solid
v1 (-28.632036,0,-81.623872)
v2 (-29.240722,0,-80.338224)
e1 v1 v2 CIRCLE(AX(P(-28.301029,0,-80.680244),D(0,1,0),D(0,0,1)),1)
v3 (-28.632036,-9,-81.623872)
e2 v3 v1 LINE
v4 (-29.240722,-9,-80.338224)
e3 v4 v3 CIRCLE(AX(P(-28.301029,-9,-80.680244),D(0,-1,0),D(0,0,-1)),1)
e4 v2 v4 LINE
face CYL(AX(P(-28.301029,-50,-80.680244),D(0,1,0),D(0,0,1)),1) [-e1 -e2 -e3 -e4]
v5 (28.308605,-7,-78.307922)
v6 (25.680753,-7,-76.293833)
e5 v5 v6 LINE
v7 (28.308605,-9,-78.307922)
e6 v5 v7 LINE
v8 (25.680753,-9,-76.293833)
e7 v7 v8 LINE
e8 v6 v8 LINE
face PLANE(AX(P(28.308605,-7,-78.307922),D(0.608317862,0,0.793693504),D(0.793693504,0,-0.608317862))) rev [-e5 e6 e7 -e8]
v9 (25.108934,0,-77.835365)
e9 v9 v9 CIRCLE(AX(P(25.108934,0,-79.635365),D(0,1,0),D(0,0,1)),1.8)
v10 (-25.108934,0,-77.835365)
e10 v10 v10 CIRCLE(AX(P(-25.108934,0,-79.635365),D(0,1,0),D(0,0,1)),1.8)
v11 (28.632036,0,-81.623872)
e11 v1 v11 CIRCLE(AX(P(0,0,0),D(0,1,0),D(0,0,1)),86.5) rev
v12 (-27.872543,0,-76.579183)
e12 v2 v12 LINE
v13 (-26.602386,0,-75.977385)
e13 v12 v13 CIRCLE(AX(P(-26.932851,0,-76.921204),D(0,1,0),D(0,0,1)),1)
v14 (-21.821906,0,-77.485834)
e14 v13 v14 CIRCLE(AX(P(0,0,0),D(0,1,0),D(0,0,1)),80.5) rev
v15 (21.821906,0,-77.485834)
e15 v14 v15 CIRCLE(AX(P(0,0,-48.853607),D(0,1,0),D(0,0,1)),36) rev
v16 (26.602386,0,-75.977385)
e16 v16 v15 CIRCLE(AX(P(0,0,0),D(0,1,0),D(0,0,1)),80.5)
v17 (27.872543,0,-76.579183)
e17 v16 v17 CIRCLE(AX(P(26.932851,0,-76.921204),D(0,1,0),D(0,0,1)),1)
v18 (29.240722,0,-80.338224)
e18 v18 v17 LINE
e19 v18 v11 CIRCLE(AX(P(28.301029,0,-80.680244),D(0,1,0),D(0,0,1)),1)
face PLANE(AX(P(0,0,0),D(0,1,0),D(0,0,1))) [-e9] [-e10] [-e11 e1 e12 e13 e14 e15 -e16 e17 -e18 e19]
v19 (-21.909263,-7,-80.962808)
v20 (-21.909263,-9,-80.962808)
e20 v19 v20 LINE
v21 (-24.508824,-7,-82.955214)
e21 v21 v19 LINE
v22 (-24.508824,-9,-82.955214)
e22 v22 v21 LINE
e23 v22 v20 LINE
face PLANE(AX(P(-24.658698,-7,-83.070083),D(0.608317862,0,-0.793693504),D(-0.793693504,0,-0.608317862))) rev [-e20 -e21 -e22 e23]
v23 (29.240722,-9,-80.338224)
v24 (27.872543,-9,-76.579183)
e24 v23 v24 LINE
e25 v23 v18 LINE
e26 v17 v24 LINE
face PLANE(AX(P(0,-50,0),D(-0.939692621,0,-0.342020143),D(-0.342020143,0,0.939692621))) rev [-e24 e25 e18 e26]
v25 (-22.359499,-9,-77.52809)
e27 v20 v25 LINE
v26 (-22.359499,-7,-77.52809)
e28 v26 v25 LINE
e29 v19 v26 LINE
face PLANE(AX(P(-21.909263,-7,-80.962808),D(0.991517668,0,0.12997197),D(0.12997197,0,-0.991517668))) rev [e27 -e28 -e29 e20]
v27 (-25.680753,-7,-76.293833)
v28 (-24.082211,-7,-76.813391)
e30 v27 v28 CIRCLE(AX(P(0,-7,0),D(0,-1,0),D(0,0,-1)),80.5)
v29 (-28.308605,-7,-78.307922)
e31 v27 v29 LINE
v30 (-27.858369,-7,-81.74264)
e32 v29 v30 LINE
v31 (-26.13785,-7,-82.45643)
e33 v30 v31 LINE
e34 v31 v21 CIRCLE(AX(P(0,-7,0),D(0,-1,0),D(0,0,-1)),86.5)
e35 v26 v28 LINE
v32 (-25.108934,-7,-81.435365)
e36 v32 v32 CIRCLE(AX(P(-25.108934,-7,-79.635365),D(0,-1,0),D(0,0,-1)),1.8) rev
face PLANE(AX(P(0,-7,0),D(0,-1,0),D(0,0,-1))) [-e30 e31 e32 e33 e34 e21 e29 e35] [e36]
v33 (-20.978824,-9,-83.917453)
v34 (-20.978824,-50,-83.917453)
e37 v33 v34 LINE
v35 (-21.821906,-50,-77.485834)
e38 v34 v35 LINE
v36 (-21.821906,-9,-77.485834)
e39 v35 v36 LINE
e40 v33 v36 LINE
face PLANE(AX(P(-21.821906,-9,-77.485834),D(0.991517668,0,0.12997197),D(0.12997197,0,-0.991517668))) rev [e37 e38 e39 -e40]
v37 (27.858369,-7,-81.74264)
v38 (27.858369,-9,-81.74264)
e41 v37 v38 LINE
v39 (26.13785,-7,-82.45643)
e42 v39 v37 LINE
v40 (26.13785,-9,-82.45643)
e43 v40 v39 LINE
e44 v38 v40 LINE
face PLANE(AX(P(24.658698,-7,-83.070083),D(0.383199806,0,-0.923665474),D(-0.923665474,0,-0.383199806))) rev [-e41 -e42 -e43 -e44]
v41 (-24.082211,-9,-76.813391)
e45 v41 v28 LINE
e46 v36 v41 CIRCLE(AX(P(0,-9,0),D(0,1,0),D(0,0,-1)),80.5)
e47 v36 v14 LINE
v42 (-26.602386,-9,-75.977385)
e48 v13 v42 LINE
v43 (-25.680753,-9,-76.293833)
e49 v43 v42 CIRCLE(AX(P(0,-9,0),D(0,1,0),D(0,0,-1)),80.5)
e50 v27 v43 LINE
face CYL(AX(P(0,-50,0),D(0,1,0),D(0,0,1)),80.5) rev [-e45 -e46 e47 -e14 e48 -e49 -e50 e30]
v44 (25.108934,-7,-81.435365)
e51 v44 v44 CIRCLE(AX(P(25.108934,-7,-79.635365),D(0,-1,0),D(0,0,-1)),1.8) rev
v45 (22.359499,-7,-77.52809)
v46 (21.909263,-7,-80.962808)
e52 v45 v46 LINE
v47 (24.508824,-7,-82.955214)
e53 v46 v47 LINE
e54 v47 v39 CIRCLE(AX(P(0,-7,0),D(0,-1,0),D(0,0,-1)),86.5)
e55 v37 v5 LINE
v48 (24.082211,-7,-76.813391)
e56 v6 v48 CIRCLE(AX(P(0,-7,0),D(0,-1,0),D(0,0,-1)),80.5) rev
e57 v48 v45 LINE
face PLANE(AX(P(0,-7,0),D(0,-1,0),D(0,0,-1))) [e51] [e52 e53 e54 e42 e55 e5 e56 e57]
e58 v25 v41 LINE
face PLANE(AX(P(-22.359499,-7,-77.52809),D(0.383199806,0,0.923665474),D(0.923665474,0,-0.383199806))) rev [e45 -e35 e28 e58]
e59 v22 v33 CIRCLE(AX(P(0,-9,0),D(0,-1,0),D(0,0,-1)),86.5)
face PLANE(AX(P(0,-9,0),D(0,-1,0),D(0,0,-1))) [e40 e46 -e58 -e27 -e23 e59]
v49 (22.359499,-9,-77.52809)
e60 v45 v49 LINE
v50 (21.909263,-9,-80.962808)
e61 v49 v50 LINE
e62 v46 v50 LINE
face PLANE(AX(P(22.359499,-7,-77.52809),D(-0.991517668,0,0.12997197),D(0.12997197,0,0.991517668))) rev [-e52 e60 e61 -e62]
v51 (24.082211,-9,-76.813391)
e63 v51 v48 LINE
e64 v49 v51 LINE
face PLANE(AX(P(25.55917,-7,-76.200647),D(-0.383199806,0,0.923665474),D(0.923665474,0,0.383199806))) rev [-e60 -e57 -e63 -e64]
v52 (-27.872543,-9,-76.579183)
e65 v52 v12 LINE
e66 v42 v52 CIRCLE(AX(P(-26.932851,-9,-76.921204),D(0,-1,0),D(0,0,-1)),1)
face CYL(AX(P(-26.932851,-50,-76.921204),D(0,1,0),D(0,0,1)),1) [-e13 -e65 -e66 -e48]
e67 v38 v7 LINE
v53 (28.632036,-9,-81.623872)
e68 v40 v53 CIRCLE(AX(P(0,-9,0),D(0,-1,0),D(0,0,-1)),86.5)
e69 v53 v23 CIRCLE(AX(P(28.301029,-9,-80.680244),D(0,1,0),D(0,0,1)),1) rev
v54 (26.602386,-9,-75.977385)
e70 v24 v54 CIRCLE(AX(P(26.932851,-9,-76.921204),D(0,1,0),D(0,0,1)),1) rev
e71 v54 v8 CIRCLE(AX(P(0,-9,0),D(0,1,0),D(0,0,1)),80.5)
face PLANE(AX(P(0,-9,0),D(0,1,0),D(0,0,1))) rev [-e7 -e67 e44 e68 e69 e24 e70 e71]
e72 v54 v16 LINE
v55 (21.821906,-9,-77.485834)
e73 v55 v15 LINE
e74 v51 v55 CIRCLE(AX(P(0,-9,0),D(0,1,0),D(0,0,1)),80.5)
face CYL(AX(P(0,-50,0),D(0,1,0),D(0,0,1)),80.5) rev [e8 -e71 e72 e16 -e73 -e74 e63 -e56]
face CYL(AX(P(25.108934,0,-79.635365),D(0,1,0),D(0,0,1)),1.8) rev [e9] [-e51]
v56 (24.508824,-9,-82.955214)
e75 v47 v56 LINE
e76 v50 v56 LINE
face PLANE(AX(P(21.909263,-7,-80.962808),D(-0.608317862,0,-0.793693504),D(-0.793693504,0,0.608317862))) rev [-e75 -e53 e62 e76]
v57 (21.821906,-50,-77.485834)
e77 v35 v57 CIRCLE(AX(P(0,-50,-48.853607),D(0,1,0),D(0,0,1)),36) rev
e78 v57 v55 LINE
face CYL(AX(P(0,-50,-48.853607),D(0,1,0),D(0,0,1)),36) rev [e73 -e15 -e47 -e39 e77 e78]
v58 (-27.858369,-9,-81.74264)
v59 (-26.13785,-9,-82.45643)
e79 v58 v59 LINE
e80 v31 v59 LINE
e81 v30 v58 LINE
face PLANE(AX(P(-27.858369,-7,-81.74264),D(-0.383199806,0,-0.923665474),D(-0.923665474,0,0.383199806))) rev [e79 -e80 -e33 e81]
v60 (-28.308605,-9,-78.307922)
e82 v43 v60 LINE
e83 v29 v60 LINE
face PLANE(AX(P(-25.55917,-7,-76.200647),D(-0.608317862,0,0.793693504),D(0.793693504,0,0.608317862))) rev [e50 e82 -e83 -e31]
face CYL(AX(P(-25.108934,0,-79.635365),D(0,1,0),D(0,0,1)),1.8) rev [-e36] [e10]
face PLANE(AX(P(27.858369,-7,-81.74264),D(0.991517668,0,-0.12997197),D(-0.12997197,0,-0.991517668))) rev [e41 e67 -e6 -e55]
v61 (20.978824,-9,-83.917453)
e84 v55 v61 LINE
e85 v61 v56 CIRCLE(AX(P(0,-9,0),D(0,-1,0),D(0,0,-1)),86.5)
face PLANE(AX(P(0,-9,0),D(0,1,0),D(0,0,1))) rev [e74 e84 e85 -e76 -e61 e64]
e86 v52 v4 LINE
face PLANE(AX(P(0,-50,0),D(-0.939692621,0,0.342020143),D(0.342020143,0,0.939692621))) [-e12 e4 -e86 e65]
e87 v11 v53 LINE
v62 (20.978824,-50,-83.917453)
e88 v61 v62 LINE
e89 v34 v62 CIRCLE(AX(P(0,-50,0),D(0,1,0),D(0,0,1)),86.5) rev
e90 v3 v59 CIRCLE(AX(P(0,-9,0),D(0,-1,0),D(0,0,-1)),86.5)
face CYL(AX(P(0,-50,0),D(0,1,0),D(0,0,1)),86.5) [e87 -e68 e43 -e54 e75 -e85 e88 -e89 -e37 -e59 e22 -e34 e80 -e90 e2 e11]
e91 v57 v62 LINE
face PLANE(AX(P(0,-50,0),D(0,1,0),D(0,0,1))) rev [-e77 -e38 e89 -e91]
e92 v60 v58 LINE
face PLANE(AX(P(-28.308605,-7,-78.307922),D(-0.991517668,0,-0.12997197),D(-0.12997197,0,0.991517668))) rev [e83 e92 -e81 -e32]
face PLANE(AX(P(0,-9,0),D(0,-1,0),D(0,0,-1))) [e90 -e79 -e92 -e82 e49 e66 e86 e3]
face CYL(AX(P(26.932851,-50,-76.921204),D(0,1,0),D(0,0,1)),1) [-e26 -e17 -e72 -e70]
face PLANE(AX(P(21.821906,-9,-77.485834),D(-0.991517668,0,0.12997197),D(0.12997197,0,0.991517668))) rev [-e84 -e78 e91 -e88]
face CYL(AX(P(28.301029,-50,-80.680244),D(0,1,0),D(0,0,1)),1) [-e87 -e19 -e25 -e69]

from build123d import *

# Parameters (mm, degrees)
BOSS_EXTRUDE1_DEPTH  = 50
M3_CLEARANCE_HOLE1_D = 3.6
CUT_EXTRUDE1_START   = -41
CUT_EXTRUDE1_DEPTH   = 41
CUT_EXTRUDE2_DEPTH   = 2
FILLET1_R            = 1


with BuildPart() as part:
    # Sketch1 → Boss-Extrude1 (new body)
    with BuildSketch(Plane(origin=(0, 0, 0), x_dir=(1, 0, 0), z_dir=(0, 1, 0))):
        with BuildLine():
            Line((29.584742398, 81.283411698), (27.532621538, 75.645255973))
            ThreePointArc((27.532621538, 75.645255973), (24.694417894, 76.618768751), (21.821905854, 77.485833704))
            ThreePointArc((21.821905854, 77.485833704), (0, 84.853606671), (-21.821905854, 77.485833704))
            ThreePointArc((-21.821905854, 77.485833704), (-24.694417894, 76.618768751), (-27.532621538, 75.645255973))
            Line((-27.532621538, 75.645255973), (-29.584742398, 81.283411698))
            ThreePointArc((-29.584742398, 81.283411698), (0, 86.5), (29.584742398, 81.283411698))
        make_face()
    extrude(amount=-BOSS_EXTRUDE1_DEPTH)

    # M3 Clearance Hole1 (through all)
    with Locations(Plane(origin=(0, 0, 0), x_dir=(1, 0, 0), z_dir=(0, 1, 0))):
        with Locations((-25.108934259, 79.635365387), (25.108934259, 79.635365387)):
            Hole(M3_CLEARANCE_HOLE1_D / 2)

    # Sketch4 → Cut-Extrude1 (cut)
    with BuildSketch(Plane.XZ.offset(50).offset(CUT_EXTRUDE1_START)):
        with BuildLine():
            Line((-27.532621538, -75.645255973), (-29.584742398, -81.283411698))
            ThreePointArc((-29.584742398, -81.283411698), (-25.316064331, -82.712434898), (-20.978824316, -83.917453073))
            Line((-20.978824316, -83.917453073), (-21.821905854, -77.485833704))
            ThreePointArc((-21.821905854, -77.485833704), (-24.694417894, -76.618768751), (-27.532621538, -75.645255973))
        make_face()
        with BuildLine():
            Line((27.532621538, -75.645255973), (29.584742398, -81.283411698))
            ThreePointArc((29.584742398, -81.283411698), (25.316064331, -82.712434898), (20.978824316, -83.917453073))
            Line((20.978824316, -83.917453073), (21.821905854, -77.485833704))
            ThreePointArc((21.821905854, -77.485833704), (24.694417894, -76.618768751), (27.532621538, -75.645255973))
        make_face()
    extrude(amount=CUT_EXTRUDE1_DEPTH, mode=Mode.SUBTRACT)

    # Sketch5 → Cut-Extrude2 (cut)
    with BuildSketch(Plane(origin=(0, -9, 0), x_dir=(-1, 0, 0), z_dir=(0, -1, 0))):
        Polygon((25.559170371, 76.200647431), (28.30860532, 78.30792232), (27.858369208, 81.742640277), (24.658698146, 83.070083344), (21.909263197, 80.962808455), (22.359499309, 77.528090498), align=None)
        Polygon((-28.30860532, 78.30792232), (-25.559170371, 76.200647431), (-22.359499309, 77.528090498), (-21.909263197, 80.962808455), (-24.658698146, 83.070083344), (-27.858369208, 81.742640277), align=None)
    extrude(amount=-CUT_EXTRUDE2_DEPTH, mode=Mode.SUBTRACT)

    # Fillet1
    fillet1_edges = [part.edges().sort_by_distance(p)[0] for p in [
        (27.532621538, -4.5, -75.645255973),
        (29.584742398, -4.5, -81.283411698),
        (-29.584742398, -4.5, -81.283411698),
        (-27.532621538, -4.5, -75.645255973),
    ]]
    fillet(fillet1_edges, radius=FILLET1_R)


solid = part.part
